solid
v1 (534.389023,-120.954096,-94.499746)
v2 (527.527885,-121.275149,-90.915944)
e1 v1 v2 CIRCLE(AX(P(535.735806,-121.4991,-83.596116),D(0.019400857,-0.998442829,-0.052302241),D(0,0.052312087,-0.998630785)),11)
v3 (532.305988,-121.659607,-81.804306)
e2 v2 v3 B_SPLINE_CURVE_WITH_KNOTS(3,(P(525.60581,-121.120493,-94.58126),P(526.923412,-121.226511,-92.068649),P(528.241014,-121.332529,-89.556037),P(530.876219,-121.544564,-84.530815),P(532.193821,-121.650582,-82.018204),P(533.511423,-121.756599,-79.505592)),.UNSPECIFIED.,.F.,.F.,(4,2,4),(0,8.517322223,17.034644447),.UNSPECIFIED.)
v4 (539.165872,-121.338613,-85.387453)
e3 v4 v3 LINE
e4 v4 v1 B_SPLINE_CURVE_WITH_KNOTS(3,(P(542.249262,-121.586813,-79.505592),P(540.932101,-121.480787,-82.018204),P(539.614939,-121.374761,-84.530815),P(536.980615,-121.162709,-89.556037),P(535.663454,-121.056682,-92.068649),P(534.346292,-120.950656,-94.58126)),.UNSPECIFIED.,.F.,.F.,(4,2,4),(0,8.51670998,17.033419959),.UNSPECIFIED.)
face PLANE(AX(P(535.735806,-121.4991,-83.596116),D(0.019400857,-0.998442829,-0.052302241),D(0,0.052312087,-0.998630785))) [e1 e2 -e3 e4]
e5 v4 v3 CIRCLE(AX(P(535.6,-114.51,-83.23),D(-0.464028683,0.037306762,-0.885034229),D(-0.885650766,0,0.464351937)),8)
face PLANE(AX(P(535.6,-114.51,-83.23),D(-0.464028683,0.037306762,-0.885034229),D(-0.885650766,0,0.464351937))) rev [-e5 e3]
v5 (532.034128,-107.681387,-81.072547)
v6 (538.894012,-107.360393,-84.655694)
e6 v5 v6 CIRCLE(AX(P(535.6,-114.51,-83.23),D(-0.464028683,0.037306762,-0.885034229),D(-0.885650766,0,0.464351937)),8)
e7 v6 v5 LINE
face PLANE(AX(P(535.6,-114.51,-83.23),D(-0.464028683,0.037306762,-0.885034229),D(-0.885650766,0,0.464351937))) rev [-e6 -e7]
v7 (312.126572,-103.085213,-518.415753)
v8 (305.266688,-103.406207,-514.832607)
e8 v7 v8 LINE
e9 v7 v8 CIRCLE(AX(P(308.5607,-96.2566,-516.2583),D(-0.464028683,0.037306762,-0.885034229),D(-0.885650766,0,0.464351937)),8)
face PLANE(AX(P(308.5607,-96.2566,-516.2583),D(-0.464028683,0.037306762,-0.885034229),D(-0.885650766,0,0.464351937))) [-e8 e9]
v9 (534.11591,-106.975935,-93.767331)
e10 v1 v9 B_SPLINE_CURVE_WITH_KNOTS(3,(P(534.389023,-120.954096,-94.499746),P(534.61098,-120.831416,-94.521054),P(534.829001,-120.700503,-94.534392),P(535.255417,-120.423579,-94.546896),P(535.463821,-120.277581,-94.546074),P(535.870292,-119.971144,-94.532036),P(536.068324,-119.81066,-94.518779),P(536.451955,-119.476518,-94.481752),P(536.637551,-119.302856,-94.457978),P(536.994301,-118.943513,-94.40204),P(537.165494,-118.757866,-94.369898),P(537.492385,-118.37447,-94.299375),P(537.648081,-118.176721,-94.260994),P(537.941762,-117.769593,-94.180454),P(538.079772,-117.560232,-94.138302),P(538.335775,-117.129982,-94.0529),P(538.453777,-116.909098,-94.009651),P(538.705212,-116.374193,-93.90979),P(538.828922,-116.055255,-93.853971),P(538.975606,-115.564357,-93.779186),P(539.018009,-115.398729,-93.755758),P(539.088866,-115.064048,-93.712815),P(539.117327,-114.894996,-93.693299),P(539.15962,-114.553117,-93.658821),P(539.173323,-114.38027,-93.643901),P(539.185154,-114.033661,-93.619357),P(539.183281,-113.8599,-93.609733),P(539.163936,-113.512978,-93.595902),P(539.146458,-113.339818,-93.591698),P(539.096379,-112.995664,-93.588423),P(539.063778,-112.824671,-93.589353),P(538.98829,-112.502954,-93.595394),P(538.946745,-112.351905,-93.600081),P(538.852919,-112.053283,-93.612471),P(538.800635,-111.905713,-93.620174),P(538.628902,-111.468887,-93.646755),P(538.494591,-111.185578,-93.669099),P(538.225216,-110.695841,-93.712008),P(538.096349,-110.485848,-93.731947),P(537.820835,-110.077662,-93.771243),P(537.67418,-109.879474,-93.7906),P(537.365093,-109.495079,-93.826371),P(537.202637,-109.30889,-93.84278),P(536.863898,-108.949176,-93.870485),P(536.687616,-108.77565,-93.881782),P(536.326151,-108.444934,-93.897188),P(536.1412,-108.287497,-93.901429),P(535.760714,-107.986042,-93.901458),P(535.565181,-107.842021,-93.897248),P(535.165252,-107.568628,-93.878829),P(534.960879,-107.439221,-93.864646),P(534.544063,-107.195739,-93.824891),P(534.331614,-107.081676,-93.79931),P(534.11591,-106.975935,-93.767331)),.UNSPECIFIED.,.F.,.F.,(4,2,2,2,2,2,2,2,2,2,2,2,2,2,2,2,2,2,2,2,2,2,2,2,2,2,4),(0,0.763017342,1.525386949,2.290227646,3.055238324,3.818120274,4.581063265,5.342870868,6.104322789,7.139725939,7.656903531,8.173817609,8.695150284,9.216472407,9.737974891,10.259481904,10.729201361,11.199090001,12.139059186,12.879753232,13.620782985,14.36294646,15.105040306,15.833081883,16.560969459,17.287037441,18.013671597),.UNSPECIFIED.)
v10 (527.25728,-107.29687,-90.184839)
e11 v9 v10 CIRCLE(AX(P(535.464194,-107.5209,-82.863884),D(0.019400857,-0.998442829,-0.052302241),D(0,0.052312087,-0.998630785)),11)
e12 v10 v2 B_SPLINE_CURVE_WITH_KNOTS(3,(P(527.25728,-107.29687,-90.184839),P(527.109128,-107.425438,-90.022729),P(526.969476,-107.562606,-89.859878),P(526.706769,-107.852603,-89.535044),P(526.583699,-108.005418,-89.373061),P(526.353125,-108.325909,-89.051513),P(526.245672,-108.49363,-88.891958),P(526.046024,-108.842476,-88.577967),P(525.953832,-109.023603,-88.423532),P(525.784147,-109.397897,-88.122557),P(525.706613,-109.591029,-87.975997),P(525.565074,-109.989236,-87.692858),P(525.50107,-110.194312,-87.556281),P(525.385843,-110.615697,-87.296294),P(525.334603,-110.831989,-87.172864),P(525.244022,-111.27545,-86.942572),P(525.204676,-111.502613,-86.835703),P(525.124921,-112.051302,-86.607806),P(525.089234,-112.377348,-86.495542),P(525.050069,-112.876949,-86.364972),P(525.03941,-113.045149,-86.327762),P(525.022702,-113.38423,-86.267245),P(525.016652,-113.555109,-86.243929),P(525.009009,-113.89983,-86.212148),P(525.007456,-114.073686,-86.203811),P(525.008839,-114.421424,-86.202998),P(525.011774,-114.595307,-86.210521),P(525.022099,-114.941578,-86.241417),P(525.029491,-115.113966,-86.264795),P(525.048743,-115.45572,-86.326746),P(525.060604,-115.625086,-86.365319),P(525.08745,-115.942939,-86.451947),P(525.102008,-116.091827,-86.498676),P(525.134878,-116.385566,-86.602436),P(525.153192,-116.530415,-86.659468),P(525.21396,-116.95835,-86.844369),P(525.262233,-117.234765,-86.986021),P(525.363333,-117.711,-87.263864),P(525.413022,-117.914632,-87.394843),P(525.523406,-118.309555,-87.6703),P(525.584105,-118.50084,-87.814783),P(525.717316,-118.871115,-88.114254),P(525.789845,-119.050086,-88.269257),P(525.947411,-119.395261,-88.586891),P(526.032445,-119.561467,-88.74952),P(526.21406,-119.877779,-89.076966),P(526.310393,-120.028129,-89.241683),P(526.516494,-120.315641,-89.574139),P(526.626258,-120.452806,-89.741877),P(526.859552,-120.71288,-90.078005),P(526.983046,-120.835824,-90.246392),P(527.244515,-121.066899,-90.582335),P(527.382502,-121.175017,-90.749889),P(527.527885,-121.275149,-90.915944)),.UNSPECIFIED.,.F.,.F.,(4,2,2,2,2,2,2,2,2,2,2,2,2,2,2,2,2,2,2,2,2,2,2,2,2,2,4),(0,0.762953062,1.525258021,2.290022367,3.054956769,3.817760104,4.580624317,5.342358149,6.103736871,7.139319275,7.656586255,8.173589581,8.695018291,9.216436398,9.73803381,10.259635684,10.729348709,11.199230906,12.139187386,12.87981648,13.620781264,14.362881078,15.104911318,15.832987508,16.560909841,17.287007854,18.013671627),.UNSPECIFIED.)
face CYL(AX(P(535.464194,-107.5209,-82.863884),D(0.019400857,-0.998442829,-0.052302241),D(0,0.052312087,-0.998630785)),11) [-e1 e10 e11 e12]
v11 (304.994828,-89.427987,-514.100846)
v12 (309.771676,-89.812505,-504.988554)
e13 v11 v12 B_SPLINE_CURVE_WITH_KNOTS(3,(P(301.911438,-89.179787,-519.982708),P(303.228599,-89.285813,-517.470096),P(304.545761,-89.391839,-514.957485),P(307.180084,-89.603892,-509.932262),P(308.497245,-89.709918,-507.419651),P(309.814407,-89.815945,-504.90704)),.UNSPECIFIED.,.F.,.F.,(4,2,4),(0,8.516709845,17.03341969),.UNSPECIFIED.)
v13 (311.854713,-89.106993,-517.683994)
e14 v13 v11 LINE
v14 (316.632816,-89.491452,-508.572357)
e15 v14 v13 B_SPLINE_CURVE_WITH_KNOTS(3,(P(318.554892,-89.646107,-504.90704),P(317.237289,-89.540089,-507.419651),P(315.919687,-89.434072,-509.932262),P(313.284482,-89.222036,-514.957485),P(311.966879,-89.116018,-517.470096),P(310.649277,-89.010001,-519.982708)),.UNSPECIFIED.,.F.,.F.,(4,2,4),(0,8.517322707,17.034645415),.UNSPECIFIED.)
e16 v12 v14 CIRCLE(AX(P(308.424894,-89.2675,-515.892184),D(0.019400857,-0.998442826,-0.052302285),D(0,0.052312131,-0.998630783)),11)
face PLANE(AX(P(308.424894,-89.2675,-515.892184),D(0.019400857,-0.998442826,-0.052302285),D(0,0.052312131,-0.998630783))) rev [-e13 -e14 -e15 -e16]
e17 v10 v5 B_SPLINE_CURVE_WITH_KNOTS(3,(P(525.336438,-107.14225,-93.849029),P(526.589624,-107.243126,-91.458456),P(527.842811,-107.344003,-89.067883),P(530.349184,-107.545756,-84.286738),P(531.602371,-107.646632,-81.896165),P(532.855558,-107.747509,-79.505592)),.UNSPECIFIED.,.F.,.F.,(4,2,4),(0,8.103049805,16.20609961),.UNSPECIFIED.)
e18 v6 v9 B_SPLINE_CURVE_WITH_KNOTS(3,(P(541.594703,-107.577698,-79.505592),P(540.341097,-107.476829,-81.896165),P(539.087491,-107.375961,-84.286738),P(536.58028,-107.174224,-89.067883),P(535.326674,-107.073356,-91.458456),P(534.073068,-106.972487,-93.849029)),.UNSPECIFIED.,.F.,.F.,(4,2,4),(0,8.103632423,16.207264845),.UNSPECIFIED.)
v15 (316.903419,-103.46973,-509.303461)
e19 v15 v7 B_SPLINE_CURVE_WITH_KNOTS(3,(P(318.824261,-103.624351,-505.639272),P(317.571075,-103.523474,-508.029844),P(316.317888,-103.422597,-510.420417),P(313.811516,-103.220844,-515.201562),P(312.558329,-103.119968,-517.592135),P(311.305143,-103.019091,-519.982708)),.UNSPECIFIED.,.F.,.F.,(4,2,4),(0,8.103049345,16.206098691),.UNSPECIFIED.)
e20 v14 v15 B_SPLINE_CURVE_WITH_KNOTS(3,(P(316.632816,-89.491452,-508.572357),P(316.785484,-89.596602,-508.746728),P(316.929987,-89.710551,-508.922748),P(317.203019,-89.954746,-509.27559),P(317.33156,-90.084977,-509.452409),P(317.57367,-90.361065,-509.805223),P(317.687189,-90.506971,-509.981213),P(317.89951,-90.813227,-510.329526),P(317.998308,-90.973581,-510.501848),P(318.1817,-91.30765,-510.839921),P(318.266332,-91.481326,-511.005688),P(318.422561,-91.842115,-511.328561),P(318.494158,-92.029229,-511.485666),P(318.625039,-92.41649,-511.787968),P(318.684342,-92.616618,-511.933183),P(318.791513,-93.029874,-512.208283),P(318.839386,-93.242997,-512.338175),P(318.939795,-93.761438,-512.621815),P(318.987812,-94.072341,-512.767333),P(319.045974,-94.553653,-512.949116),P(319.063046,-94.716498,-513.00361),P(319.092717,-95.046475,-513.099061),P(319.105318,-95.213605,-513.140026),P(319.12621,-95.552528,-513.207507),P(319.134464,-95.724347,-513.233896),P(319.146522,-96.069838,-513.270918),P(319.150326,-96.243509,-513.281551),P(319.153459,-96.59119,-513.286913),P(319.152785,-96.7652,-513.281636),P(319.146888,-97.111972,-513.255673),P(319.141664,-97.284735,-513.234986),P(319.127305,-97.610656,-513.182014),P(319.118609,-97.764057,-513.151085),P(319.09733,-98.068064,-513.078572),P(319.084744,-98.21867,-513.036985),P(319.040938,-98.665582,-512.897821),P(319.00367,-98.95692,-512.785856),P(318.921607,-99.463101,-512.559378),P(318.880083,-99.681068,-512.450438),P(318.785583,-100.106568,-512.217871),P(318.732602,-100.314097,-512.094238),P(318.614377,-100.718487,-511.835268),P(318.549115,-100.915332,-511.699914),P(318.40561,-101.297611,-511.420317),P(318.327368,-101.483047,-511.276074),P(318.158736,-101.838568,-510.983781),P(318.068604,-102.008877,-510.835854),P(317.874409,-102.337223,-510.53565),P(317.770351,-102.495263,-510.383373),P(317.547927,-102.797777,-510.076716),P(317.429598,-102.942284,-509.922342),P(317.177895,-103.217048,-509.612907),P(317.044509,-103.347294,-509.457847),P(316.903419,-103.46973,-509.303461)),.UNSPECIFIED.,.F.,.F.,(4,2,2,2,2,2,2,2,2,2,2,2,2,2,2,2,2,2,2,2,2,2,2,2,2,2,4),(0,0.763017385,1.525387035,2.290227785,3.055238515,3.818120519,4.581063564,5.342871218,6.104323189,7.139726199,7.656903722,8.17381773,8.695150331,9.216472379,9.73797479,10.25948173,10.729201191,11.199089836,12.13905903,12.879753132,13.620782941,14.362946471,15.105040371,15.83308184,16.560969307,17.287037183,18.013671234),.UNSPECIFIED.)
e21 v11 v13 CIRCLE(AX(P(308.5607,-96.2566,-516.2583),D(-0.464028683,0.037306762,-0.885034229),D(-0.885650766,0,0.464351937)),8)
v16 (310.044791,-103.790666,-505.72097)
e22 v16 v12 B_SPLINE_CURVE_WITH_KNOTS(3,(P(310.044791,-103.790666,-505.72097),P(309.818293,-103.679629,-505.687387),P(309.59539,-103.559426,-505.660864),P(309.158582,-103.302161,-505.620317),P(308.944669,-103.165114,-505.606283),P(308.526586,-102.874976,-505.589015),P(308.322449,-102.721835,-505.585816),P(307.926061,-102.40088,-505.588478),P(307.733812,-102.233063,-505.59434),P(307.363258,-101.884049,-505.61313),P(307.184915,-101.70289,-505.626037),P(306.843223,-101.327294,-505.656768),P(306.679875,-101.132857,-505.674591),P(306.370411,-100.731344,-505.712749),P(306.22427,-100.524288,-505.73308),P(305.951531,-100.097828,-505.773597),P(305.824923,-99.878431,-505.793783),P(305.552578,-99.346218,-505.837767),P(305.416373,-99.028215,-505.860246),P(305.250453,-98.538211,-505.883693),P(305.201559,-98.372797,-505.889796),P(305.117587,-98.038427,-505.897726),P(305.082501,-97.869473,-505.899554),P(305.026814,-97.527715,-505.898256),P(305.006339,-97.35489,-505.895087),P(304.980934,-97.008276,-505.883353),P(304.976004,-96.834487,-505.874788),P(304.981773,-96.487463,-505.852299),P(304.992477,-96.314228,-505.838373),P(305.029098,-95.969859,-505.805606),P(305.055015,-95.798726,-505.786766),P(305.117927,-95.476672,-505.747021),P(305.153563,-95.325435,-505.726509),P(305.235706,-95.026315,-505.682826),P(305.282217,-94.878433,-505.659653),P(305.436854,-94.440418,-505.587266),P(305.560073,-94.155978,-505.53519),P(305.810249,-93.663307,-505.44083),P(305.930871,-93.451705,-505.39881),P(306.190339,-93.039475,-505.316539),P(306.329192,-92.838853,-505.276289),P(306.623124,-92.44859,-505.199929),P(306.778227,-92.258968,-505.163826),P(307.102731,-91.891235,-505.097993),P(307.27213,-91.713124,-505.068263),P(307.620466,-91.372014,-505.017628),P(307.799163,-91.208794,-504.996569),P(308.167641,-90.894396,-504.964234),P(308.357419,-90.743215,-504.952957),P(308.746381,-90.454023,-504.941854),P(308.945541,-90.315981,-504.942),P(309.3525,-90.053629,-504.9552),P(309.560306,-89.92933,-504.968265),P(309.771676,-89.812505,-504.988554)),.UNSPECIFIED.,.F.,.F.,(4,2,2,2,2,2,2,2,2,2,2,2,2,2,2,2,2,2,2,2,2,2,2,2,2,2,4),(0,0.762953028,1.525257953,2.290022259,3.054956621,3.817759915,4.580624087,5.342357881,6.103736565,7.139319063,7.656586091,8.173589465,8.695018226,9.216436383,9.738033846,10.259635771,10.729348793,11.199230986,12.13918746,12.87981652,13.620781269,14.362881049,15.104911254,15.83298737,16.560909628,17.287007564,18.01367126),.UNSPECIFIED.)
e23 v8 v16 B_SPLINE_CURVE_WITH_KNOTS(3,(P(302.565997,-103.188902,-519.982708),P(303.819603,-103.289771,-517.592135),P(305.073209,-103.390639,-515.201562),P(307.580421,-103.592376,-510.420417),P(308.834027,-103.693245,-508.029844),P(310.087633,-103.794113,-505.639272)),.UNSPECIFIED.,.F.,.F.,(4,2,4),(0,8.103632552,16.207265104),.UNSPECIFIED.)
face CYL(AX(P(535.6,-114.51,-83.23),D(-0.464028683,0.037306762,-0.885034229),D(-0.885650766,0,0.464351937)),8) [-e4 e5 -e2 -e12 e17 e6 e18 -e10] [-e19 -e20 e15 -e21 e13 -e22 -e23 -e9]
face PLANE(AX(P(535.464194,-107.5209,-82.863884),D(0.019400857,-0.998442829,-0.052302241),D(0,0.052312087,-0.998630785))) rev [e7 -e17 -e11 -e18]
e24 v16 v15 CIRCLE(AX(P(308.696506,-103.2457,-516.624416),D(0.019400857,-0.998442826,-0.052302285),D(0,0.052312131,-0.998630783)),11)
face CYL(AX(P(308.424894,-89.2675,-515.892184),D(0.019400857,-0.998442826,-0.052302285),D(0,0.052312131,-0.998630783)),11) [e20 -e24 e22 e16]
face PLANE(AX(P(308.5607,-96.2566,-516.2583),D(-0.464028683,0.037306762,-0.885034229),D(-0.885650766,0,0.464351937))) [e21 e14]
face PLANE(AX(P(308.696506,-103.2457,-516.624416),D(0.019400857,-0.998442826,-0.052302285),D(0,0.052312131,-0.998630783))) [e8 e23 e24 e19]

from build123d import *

# Parameters (mm, degrees)
SUSP_FR_PUSHROD_PROFILE_R                = 8
SUSP_FR_PUSHROD_ROD_END_MOUNT_PROFILE_R  = 11
SUSP_FR_PUSHROD_ROD_END_ROCKER_PROFILE_R = 11


with BuildPart() as part:
    # SUSP_FR_pushrod: sweep along a curve in space
    with BuildLine() as susp_fr_pushrod_path:
        Line((535.6, -114.51, -83.23), (308.5607, -96.2566, -516.2583))
    # SUSP_FR_pushrod profile (on start of the path) → SUSP_FR_pushrod (sweep)
    with BuildSketch(Plane(origin=(535.6, -114.51, -83.23), x_dir=(-0.8856507656122407, 0, 0.46435193697286564), z_dir=(-0.46402868322134944, 0.037306762161055766, -0.8850342290809543))):
        Circle(SUSP_FR_PUSHROD_PROFILE_R)
    sweep(path=susp_fr_pushrod_path.line)

    # SUSP_FR_pushrod_rod_end_mount: sweep along a curve in space
    with BuildLine() as susp_fr_pushrod_rod_end_mount_path:
        Line((535.464194, -107.5209, -82.8638843), (535.735806, -121.4991, -83.5961157))
    # SUSP_FR_pushrod_rod_end_mount profile (on start of the path) → SUSP_FR_pushrod_rod_end_mount (sweep)
    with BuildSketch(Plane(origin=(535.464194, -107.5209, -82.8638843), x_dir=(0, 0.052312087255056115, -0.9986307853891845), z_dir=(0.019400856591433174, -0.9984428287644381, -0.052302241370573335))):
        Circle(SUSP_FR_PUSHROD_ROD_END_MOUNT_PROFILE_R)
    sweep(path=susp_fr_pushrod_rod_end_mount_path.line)

    # SUSP_FR_pushrod_rod_end_rocker: sweep along a curve in space
    with BuildLine() as susp_fr_pushrod_rod_end_rocker_path:
        Line((308.424894, -89.2675002, -515.892184), (308.696506, -103.2457, -516.624416))
    # SUSP_FR_pushrod_rod_end_rocker profile (on start of the path) → SUSP_FR_pushrod_rod_end_rocker (sweep)
    with BuildSketch(Plane(origin=(308.424894, -89.2675002, -515.892184), x_dir=(0, 0.052312130749392324, -0.9986307831107845), z_dir=(0.019400856824669174, -0.9984428264819472, -0.05230228485648652))):
        Circle(SUSP_FR_PUSHROD_ROD_END_ROCKER_PROFILE_R)
    sweep(path=susp_fr_pushrod_rod_end_rocker_path.line)


solid = part.part
